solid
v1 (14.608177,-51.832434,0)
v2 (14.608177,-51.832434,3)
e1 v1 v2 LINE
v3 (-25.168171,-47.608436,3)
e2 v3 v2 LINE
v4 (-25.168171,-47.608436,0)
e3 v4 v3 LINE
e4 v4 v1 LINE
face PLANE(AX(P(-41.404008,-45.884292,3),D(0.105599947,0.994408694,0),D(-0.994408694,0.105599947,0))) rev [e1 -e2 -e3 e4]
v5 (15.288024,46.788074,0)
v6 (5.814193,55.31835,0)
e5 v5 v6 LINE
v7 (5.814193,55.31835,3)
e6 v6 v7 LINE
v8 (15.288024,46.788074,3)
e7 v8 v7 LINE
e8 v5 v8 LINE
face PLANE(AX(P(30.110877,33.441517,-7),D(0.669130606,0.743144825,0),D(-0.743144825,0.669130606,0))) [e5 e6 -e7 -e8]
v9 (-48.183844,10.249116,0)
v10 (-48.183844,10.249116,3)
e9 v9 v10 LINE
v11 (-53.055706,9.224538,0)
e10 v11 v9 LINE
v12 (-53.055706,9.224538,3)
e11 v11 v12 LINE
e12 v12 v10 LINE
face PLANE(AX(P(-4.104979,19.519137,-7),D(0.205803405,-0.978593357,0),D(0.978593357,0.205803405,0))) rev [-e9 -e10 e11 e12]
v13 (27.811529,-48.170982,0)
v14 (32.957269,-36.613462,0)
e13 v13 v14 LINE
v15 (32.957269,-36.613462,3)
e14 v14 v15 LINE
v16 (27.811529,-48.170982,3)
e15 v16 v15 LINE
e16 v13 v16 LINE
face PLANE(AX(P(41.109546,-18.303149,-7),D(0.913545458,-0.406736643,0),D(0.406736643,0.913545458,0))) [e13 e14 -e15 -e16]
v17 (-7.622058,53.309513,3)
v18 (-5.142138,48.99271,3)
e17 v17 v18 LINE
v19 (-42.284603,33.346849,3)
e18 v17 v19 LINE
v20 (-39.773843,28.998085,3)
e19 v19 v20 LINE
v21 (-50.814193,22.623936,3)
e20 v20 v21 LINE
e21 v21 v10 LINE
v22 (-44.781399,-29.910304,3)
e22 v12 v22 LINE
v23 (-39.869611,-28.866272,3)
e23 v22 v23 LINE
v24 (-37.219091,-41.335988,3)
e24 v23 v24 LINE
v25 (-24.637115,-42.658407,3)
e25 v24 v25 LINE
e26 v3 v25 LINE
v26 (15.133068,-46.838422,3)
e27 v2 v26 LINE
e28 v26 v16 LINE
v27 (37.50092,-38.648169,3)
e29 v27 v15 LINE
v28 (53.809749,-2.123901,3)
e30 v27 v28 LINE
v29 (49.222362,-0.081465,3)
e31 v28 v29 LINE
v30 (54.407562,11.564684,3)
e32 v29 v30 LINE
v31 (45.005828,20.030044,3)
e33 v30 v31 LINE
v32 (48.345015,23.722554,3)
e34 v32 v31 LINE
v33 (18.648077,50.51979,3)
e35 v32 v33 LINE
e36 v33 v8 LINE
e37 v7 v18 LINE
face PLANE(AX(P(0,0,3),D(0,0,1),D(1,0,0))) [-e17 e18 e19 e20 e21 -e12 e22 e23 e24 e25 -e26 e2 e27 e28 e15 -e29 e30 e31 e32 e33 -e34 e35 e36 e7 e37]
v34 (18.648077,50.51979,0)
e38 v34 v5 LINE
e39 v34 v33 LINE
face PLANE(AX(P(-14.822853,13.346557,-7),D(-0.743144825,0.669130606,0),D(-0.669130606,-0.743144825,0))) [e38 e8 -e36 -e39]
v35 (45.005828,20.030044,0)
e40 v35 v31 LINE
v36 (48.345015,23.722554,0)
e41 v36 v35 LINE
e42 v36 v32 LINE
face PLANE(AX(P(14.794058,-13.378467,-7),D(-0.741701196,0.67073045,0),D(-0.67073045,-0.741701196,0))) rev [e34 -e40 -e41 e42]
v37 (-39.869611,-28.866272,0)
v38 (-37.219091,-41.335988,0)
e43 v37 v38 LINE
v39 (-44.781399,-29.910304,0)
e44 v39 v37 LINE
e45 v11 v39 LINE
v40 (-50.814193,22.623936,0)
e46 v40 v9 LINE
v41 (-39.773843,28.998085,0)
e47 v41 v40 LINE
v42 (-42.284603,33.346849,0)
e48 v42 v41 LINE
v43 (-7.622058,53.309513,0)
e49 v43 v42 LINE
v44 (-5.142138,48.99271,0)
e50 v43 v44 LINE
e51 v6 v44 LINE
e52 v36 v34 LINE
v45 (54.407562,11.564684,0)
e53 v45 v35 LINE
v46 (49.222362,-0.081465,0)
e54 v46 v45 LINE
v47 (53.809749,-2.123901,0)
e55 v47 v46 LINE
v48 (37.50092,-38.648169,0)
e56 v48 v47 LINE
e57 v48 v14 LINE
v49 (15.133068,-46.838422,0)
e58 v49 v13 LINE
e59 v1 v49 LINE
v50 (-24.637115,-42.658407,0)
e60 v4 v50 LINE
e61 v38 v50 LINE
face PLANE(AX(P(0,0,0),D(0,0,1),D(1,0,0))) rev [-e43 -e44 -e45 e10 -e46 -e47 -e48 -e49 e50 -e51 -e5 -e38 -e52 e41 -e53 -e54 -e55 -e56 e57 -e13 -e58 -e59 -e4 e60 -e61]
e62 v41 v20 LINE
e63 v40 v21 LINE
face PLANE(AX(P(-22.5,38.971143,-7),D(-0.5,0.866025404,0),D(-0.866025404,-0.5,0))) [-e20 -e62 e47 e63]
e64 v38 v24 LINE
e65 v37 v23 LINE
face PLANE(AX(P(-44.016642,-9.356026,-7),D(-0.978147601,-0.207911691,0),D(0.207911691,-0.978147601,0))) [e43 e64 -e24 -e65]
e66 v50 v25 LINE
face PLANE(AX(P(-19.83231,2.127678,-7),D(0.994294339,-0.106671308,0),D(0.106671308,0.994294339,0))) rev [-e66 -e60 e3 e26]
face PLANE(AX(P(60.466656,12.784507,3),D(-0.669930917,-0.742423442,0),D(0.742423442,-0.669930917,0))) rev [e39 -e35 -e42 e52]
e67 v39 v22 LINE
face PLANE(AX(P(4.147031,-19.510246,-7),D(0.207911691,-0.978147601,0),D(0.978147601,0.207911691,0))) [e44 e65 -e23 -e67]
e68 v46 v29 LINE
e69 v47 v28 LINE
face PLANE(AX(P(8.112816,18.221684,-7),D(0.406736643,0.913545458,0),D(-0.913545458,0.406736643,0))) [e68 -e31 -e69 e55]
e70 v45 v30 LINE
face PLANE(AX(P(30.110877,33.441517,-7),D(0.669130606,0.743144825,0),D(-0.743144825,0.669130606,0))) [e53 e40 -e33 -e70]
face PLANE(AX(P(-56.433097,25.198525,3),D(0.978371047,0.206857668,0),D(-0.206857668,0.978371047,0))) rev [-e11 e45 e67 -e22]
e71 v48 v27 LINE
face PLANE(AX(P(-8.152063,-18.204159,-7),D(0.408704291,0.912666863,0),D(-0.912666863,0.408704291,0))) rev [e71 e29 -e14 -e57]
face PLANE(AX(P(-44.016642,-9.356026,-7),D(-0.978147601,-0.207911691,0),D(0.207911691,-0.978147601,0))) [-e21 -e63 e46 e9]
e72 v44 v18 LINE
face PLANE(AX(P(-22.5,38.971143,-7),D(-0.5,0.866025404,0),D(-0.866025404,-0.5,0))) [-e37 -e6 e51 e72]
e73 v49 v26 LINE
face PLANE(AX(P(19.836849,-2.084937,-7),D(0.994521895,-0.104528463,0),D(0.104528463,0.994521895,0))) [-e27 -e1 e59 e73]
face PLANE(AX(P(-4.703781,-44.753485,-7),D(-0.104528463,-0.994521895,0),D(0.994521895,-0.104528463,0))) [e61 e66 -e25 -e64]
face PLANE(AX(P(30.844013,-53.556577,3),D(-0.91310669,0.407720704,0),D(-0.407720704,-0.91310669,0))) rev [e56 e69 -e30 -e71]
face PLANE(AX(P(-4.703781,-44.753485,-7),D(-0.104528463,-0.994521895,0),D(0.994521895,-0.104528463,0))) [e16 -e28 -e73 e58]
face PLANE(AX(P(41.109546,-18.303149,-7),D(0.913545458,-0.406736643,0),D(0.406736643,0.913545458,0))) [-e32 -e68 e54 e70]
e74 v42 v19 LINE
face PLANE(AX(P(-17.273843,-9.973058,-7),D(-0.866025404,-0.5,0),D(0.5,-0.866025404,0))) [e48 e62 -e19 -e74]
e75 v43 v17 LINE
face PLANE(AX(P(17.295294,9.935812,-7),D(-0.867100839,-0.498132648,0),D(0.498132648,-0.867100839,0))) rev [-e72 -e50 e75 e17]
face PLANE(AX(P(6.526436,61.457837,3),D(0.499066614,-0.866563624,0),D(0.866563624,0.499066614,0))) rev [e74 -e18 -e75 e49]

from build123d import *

# Parameters (mm, degrees)
BOSS_EXTRUDE1_DEPTH = 3
CUT_EXTRUDE3_DEPTH  = 10


with BuildPart() as part:
    # Sketch1 → Boss-Extrude1 (new body)
    with BuildSketch(Plane.XY):
        Polygon((-41.404007678, -45.884292091), (30.844012981, -53.556577334), (60.46665605, 12.784506978), (6.526435644, 61.457837175), (-56.433096997, 25.198525272), align=None)
    extrude(amount=BOSS_EXTRUDE1_DEPTH)

    # Sketch4 → Cut-Extrude3 (cut)
    with BuildSketch(Plane.XY.offset(3)):
        Polygon((-50.814192878, 22.62393629), (-39.77384321, 28.998085143), (-42.284603166, 33.346848953), (-56.433096997, 25.198525272), (-53.055705701, 9.224537525), (-48.18384365, 10.249116114), align=None)
        Polygon((5.814192878, 55.31835005), (15.288024352, 46.788073876), (18.648077016, 50.519790415), (6.526435644, 61.457837175), (-7.622058187, 53.309513494), (-5.142137875, 48.99270954), align=None)
        Polygon((54.407561694, 11.564684243), (49.22236188, -0.08146522), (53.809748587, -2.123901372), (60.46665605, 12.784506978), (48.345014677, 23.722553738), (45.005827668, 20.030043583), align=None)
        Polygon((37.500920444, -38.648168984), (32.957269066, -36.61346181), (27.811529494, -48.170982119), (15.133068296, -46.838422151), (14.608176536, -51.832433652), (30.844012981, -53.556577334), align=None)
        Polygon((-25.168171234, -47.608435773), (-24.637115209, -42.658407427), (-37.219091188, -41.335988464), (-39.869611319, -28.866271649), (-44.781398973, -29.910304344), (-41.404007678, -45.884292091), align=None)
    extrude(amount=-CUT_EXTRUDE3_DEPTH, mode=Mode.SUBTRACT)


solid = part.part
